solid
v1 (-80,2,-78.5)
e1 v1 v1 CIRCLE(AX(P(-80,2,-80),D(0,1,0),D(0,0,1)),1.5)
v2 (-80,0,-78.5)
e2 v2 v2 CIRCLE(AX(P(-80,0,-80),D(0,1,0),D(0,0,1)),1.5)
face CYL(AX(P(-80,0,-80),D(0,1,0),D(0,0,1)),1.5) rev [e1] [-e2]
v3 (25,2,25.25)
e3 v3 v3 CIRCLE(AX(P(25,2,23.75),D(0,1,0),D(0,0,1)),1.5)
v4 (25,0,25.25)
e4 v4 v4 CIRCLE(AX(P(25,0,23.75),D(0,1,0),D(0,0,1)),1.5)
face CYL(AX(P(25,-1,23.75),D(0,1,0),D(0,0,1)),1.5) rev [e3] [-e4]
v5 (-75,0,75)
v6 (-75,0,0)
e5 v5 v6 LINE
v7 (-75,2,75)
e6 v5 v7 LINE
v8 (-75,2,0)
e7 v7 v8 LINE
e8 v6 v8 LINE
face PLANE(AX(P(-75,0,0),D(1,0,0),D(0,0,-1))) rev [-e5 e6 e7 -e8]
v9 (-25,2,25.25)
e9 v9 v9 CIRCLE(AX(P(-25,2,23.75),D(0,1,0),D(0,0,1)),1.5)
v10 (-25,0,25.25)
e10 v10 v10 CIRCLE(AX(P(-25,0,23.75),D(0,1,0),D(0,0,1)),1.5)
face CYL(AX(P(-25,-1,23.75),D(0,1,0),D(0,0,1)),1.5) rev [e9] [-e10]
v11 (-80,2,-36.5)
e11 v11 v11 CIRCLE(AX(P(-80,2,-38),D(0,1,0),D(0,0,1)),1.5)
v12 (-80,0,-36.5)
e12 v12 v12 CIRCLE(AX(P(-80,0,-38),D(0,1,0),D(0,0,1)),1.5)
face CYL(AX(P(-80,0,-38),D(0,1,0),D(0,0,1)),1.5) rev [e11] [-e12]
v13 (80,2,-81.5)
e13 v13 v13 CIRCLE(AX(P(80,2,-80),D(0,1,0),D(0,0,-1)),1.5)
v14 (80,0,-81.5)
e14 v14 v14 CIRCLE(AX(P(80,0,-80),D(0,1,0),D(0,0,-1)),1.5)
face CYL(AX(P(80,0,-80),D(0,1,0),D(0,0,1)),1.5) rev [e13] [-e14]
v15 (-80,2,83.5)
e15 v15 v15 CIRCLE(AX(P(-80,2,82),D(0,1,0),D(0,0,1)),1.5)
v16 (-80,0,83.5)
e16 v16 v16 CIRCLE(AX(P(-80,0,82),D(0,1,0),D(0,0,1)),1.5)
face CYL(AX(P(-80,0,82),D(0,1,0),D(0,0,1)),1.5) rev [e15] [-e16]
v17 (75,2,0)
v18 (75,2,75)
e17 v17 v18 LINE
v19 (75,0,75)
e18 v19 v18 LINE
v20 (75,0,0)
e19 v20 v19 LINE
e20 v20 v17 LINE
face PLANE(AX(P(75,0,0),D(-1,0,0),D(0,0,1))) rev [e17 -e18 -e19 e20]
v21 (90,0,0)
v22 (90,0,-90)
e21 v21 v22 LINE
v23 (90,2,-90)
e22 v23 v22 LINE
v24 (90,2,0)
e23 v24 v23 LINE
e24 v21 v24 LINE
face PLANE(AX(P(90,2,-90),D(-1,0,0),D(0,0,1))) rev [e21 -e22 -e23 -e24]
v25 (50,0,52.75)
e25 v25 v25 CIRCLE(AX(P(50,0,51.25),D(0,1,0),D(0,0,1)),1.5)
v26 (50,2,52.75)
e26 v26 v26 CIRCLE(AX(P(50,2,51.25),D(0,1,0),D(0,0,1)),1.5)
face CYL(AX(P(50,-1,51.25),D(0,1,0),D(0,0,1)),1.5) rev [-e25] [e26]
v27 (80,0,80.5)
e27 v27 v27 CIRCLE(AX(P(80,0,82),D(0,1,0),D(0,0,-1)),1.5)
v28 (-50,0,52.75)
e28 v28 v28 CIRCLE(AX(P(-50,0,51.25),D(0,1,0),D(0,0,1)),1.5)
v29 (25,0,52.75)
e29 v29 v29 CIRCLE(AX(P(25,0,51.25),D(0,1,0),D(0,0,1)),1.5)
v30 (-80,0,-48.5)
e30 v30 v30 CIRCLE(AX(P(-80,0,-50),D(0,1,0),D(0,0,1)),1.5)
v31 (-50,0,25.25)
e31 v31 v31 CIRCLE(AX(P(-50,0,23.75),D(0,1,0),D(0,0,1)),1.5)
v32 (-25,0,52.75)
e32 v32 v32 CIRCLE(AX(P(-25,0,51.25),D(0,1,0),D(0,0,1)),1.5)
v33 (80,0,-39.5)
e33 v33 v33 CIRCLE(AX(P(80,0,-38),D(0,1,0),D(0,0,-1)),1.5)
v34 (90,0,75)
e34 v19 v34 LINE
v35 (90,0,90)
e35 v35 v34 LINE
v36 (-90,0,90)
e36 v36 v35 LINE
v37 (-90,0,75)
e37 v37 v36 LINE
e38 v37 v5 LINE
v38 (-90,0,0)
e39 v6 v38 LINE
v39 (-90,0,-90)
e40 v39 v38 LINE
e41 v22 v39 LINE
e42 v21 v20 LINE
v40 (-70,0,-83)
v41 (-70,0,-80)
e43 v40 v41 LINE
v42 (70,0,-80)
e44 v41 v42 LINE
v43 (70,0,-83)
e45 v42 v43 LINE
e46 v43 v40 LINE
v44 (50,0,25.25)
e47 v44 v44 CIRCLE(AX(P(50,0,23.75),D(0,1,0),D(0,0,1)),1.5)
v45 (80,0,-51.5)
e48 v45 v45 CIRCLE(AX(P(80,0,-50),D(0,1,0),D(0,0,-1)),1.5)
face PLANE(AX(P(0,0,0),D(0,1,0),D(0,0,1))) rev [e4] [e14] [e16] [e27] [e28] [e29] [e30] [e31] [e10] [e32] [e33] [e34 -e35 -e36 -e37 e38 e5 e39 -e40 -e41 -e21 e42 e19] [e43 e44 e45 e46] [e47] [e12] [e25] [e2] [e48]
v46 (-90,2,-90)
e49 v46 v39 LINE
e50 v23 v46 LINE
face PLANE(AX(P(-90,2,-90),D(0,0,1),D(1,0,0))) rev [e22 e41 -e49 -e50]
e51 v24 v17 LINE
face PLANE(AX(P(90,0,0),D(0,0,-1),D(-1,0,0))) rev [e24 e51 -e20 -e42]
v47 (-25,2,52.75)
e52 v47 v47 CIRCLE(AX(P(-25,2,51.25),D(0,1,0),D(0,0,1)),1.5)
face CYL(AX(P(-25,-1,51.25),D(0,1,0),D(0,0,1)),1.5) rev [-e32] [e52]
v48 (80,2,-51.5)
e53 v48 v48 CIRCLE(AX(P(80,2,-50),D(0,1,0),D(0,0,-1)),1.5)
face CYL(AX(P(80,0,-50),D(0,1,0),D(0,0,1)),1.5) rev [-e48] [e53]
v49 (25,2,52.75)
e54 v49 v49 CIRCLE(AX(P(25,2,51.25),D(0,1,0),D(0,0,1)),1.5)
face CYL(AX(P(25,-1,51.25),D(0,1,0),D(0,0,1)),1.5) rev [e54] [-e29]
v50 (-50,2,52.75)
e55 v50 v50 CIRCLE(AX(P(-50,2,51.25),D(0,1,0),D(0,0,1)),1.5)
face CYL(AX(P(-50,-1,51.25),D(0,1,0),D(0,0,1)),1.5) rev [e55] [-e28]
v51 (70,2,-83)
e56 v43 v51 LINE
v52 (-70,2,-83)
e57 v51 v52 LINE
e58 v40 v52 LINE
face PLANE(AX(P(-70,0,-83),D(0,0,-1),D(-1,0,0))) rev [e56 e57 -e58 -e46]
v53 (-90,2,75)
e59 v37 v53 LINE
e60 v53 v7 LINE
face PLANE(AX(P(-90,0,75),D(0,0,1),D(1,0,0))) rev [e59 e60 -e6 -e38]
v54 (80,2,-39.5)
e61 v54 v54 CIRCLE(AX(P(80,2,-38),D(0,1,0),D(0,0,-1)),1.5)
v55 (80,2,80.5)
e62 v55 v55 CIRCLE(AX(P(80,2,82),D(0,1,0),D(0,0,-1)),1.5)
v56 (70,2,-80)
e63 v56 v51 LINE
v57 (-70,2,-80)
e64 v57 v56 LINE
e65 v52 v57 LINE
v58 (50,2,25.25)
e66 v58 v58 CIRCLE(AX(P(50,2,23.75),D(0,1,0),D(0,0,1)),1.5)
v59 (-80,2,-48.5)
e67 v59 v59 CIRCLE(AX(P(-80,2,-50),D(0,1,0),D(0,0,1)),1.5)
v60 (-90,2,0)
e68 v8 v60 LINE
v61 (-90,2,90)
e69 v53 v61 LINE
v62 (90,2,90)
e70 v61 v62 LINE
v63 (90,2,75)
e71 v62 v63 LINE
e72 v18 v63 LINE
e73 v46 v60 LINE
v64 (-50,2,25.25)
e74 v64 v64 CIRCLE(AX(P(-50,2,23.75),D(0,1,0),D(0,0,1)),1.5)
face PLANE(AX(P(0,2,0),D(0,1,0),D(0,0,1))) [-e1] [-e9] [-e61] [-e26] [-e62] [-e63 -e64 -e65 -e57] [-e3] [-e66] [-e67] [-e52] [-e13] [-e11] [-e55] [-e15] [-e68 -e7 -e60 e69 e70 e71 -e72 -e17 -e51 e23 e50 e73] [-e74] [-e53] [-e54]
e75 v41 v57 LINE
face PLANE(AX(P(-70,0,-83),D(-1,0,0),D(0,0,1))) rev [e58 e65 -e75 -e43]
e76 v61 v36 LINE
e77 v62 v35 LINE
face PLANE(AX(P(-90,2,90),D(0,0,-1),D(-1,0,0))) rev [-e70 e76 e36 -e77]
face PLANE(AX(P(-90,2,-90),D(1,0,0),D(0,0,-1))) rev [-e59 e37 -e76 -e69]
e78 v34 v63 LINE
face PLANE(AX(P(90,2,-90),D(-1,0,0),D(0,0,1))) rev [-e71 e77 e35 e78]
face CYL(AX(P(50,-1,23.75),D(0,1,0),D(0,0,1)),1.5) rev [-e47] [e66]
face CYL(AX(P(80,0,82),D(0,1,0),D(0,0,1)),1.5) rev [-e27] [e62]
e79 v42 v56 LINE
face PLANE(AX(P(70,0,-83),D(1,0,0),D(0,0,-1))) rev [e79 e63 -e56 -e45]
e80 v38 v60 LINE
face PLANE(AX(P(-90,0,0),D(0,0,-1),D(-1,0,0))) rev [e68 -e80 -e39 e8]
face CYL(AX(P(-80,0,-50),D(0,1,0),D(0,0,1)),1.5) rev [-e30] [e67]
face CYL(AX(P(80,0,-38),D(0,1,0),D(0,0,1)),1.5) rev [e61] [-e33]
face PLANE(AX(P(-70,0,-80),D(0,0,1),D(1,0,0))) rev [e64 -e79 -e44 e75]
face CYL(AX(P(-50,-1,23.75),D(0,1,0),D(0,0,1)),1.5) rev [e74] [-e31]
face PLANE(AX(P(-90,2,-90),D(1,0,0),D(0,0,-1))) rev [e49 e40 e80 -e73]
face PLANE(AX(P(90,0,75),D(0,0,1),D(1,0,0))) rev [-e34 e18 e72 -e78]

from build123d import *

# Parameters (mm, degrees)
SKETCH1_W           = 180
SKETCH1_H           = 180
BOSS_EXTRUDE1_DEPTH = 2
SKETCH2_R           = 1.5
SKETCH2_W           = 15
SKETCH2_H           = 75
SKETCH2_W_2         = 140
SKETCH2_H_2         = 3
CUT_EXTRUDE1_DEPTH  = 2
SKETCH3_R           = 1.5
CUT_EXTRUDE2_DEPTH  = 3


with BuildPart() as part:
    # Sketch1 → Boss-Extrude1 (new body)
    with BuildSketch(Plane(origin=(0, 0, 0), x_dir=(1, 0, 0), z_dir=(0, 1, 0))):
        Rectangle(SKETCH1_W, SKETCH1_H)
    extrude(amount=BOSS_EXTRUDE1_DEPTH)

    # Sketch2 → Cut-Extrude1 (cut)
    with BuildSketch(Plane(origin=(0, 2, 0), x_dir=(1, 0, 0), z_dir=(0, 1, 0))):
        with Locations(Location((-80, 38, 0), (0, 0, 270))):
            Circle(SKETCH2_R)
        with Locations(Location((-80, -82, 0), (0, 0, 270))):
            Circle(SKETCH2_R)
        with Locations(Location((80, -82, 0), (0, 0, 90))):
            Circle(SKETCH2_R)
        with Locations(Location((80, 38, 0), (0, 0, 90))):
            Circle(SKETCH2_R)
        with Locations(Location((-80, 80, 0), (0, 0, 270))):
            Circle(SKETCH2_R)
        with Locations(Location((-80, 50, 0), (0, 0, 270))):
            Circle(SKETCH2_R)
        with Locations(Location((80, 50, 0), (0, 0, 90))):
            Circle(SKETCH2_R)
        with Locations(Location((80, 80, 0), (0, 0, 90))):
            Circle(SKETCH2_R)
        with Locations((-82.5, -37.5)):
            Rectangle(SKETCH2_W, SKETCH2_H)
        with Locations((82.5, -37.5)):
            Rectangle(SKETCH2_W, SKETCH2_H)
        with Locations((0, 81.5)):
            Rectangle(SKETCH2_W_2, SKETCH2_H_2)
    extrude(amount=-CUT_EXTRUDE1_DEPTH, mode=Mode.SUBTRACT)

    # Sketch3 → Cut-Extrude2 (cut)
    with BuildSketch(Plane(origin=(0, 2, 0), x_dir=(1, 0, 0), z_dir=(0, 1, 0))):
        with Locations(Location((-50, -23.75, 0), (0, 0, 270))):
            Circle(SKETCH3_R)
        with Locations(Location((-50, -51.25, 0), (0, 0, 270))):
            Circle(SKETCH3_R)
        with Locations(Location((-25, -23.75, 0), (0, 0, 270))):
            Circle(SKETCH3_R)
        with Locations(Location((-25, -51.25, 0), (0, 0, 270))):
            Circle(SKETCH3_R)
        with Locations(Location((25, -23.75, 0), (0, 0, 270))):
            Circle(SKETCH3_R)
        with Locations(Location((50, -23.75, 0), (0, 0, 270))):
            Circle(SKETCH3_R)
        with Locations(Location((25, -51.25, 0), (0, 0, 270))):
            Circle(SKETCH3_R)
        with Locations(Location((50, -51.25, 0), (0, 0, 270))):
            Circle(SKETCH3_R)
    extrude(amount=-CUT_EXTRUDE2_DEPTH, mode=Mode.SUBTRACT)


solid = part.part
